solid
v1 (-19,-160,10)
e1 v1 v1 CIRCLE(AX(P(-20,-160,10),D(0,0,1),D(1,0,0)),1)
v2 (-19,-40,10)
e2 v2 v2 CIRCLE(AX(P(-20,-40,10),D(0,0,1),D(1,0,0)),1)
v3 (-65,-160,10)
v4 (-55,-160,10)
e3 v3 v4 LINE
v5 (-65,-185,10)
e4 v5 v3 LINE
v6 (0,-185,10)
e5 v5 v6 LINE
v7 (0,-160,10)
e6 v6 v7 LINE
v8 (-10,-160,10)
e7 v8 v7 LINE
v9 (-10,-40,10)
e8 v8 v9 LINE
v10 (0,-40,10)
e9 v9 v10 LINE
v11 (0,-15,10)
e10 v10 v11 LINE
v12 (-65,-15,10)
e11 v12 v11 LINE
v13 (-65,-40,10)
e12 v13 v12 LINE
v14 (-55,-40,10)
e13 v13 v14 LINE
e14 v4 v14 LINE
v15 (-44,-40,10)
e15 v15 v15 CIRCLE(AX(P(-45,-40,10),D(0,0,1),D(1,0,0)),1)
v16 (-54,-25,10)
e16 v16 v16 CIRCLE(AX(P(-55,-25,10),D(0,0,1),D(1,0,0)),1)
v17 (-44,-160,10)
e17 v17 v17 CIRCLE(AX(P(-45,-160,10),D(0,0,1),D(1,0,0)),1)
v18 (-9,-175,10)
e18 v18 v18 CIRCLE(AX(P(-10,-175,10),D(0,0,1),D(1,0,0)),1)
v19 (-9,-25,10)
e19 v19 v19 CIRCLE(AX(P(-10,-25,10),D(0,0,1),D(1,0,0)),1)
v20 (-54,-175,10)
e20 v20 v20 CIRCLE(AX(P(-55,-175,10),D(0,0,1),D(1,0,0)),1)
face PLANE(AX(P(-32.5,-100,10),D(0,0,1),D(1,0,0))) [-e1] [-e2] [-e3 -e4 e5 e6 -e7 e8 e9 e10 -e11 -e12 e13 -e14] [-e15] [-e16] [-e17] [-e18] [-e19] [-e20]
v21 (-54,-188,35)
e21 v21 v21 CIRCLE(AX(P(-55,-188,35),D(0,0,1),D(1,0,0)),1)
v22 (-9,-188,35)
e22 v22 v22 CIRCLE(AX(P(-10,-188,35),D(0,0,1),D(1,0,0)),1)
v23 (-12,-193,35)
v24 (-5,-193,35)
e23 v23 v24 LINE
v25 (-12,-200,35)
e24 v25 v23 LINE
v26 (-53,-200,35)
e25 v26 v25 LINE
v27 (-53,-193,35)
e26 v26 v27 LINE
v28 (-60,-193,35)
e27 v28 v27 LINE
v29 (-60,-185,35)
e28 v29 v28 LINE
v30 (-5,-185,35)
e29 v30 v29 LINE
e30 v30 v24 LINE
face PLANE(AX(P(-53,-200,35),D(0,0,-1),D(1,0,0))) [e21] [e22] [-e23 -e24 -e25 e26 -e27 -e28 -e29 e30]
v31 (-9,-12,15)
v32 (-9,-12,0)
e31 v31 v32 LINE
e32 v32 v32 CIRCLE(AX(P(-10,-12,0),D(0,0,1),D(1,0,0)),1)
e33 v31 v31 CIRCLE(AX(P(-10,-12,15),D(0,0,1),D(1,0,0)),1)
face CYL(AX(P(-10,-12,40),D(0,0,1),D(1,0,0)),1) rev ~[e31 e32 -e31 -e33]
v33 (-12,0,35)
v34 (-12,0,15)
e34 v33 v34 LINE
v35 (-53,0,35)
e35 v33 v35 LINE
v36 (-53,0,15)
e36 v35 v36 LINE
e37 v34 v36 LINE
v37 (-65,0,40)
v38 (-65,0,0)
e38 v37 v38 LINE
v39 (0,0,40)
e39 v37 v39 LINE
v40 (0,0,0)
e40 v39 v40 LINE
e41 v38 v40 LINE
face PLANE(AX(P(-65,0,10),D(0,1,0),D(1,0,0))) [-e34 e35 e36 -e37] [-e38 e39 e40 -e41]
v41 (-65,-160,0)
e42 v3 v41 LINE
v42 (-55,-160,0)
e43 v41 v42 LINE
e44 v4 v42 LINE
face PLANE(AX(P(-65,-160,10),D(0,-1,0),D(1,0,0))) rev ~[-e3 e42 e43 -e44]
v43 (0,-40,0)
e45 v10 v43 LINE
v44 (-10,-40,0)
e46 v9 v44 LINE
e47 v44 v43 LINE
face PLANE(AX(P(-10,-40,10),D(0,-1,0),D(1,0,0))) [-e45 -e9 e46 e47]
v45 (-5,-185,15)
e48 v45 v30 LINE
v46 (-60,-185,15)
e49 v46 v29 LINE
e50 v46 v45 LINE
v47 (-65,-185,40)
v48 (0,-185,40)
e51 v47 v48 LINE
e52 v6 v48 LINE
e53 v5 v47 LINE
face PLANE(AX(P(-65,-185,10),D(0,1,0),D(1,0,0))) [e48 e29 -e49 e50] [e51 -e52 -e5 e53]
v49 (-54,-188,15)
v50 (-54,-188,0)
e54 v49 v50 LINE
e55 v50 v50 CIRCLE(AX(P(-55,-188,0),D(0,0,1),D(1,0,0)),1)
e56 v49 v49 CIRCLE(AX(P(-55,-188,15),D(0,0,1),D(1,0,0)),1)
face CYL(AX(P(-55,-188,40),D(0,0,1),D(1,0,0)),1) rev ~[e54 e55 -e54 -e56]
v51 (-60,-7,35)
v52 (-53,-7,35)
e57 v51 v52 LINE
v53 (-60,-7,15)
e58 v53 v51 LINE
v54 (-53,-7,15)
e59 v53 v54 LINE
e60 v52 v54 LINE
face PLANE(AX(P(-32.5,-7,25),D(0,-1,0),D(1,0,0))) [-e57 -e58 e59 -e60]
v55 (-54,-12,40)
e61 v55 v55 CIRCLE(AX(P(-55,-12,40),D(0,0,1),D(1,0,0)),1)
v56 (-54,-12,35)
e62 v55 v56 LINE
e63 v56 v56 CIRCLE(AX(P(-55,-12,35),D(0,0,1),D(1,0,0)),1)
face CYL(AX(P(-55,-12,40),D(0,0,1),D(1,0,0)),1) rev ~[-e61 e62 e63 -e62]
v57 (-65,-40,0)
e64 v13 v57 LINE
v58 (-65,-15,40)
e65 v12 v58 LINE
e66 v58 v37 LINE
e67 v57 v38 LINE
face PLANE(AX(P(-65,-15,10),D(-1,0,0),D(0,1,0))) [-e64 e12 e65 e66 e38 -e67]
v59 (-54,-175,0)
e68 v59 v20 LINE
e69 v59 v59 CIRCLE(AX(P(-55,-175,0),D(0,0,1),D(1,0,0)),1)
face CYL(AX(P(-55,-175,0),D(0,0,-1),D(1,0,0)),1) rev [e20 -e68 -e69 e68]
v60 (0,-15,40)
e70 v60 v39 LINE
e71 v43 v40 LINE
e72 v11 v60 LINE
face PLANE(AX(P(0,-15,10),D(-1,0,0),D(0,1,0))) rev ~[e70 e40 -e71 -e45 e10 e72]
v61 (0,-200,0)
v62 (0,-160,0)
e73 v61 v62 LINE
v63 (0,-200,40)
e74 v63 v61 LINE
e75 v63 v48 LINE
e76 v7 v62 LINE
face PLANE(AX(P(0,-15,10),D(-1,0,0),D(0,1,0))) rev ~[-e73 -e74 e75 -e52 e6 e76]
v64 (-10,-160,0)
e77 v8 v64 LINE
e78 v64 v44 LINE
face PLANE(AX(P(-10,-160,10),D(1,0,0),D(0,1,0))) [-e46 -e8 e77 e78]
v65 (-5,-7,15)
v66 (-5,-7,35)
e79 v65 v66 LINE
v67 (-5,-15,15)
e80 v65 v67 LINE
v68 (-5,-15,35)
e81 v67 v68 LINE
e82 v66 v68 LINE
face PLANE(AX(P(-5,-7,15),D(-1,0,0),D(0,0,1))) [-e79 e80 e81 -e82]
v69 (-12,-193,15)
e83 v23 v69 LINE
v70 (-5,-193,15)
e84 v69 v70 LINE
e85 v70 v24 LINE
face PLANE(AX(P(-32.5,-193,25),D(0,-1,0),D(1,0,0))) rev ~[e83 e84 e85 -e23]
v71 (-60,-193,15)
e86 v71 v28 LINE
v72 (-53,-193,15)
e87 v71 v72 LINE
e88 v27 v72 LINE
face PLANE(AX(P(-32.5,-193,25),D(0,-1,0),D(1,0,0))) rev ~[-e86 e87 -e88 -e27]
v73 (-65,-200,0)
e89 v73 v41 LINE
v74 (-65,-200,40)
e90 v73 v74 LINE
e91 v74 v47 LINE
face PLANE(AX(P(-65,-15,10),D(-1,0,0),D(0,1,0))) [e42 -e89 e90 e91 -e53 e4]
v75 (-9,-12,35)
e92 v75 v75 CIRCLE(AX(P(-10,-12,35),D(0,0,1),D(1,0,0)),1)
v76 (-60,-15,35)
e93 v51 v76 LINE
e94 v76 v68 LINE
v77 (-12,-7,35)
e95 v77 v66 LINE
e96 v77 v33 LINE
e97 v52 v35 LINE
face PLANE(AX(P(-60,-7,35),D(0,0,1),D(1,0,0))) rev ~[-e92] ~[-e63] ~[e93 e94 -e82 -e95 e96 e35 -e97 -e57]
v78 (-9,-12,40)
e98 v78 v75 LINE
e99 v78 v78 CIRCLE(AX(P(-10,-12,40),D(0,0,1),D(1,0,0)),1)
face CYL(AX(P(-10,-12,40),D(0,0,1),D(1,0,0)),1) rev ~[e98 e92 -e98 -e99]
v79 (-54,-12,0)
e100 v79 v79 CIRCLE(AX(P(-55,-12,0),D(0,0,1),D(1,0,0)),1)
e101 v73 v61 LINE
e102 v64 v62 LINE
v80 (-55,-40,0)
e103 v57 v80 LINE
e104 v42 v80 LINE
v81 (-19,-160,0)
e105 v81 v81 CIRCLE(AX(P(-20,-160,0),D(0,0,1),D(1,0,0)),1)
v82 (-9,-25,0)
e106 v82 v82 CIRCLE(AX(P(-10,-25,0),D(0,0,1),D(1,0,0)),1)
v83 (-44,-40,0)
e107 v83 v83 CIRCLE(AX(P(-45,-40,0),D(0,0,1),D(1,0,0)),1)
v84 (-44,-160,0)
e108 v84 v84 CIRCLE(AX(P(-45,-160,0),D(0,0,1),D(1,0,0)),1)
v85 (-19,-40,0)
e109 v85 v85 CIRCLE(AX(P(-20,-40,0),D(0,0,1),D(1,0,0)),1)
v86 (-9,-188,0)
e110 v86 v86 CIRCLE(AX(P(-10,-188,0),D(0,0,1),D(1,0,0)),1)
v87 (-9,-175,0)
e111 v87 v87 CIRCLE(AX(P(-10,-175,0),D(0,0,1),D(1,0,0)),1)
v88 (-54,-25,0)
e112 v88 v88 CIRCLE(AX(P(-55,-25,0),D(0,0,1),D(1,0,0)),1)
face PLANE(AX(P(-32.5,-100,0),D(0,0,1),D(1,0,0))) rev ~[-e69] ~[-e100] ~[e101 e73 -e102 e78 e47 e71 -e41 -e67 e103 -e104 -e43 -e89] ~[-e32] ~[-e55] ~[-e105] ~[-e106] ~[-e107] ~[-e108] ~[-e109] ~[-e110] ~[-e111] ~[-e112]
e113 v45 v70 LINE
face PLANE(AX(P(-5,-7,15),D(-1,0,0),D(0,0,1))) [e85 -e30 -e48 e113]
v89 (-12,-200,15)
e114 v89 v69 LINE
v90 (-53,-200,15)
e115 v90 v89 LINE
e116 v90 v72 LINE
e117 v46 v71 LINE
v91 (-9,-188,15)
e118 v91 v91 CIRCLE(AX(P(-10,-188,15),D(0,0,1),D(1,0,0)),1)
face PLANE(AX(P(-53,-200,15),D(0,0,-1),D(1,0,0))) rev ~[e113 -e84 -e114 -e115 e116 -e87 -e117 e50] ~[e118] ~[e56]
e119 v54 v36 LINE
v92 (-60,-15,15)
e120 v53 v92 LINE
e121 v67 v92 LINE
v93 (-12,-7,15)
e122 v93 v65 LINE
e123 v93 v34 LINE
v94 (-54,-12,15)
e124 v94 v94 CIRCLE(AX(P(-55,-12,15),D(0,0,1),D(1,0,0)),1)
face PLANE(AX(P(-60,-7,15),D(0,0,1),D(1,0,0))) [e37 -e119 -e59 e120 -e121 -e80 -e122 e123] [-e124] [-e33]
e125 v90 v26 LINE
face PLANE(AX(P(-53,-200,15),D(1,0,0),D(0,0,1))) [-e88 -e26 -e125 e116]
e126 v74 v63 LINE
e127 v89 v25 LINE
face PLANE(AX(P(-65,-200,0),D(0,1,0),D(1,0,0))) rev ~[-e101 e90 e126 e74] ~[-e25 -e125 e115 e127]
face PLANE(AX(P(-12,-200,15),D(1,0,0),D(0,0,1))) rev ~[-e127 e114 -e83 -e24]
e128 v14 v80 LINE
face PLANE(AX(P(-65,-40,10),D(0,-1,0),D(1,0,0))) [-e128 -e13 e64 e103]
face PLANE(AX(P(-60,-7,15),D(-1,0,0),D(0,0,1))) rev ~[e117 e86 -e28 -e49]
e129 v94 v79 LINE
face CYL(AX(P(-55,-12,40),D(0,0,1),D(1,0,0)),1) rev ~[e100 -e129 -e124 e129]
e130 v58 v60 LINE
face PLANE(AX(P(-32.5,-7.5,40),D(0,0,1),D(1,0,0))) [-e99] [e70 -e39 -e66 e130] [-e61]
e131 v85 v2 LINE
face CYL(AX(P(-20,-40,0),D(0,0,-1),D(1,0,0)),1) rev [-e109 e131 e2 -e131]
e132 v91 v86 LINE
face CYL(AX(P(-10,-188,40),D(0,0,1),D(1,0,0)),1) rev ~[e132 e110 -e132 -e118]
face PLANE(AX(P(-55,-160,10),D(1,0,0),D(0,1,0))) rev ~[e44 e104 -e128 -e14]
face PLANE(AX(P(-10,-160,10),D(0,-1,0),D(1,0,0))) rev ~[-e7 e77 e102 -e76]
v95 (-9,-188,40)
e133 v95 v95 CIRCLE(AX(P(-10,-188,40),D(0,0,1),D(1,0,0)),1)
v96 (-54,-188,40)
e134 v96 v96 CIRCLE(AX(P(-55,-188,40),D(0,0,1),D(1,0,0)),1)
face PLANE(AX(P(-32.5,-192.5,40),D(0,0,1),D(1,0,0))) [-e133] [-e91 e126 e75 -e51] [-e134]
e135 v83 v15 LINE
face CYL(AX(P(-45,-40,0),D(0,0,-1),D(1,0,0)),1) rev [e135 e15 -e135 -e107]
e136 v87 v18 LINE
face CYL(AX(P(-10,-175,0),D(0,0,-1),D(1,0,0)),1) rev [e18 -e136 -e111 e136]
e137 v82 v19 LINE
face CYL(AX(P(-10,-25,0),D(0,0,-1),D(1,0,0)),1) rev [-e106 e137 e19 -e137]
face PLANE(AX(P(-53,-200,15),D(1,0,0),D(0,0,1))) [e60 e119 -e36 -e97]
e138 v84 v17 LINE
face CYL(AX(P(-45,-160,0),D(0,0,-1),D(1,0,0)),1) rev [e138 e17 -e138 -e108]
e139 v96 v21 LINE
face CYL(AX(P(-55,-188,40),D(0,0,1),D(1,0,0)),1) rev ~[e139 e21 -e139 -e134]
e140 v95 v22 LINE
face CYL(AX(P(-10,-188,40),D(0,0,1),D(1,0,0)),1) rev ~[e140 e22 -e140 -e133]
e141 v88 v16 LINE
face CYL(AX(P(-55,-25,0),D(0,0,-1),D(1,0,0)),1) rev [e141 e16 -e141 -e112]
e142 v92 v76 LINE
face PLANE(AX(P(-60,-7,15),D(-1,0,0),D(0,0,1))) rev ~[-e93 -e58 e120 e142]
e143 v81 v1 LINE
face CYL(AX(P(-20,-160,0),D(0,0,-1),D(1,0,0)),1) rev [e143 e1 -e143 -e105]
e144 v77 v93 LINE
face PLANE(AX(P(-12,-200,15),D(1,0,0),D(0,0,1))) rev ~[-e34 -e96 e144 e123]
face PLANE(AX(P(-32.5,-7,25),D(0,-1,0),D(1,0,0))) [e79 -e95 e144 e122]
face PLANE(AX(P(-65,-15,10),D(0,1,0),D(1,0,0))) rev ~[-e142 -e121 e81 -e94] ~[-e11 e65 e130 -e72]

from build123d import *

# Parameters (mm, degrees)
ESQUISSE1_W                  = 65
ESQUISSE1_H                  = 200
ESQUISSE1_R                  = 1
BOSS_EXTRU_1_DEPTH           = 10
ESQUISSE2_W                  = 65
ESQUISSE2_H                  = 15
BOSS_EXTRU_2_DEPTH           = 30
ESQUISSE3_W                  = 41
ESQUISSE3_H                  = 20
ENL_V_MAT_EXTRU_1_DEPTH      = 215.067746286
ENL_V_MAT_EXTRU_2_DEPTH      = 178
ENL_V_MAT_EXTRU_2_DEPTH_BACK = 8
ESQUISSE4_W                  = 55
ESQUISSE4_H                  = 20
ESQUISSE5_R                  = 1
ENL_V_MAT_EXTRU_3_DEPTH      = 215.067746286
ESQUISSE6_W                  = 10
ESQUISSE6_H                  = 120
ENL_V_MAT_EXTRU_4_DEPTH      = 10


with BuildPart() as part:
    # Esquisse1 → Boss.-Extru.1 (new body)
    with BuildSketch(Plane.XY):
        with Locations((-32.5, -100)):
            Rectangle(ESQUISSE1_W, ESQUISSE1_H)
        with Locations((-55, -25)):
            Circle(ESQUISSE1_R, mode=Mode.SUBTRACT)
        with Locations((-45, -40)):
            Circle(ESQUISSE1_R, mode=Mode.SUBTRACT)
        with Locations((-20, -40)):
            Circle(ESQUISSE1_R, mode=Mode.SUBTRACT)
        with Locations((-10, -25)):
            Circle(ESQUISSE1_R, mode=Mode.SUBTRACT)
        with Locations((-45, -160)):
            Circle(ESQUISSE1_R, mode=Mode.SUBTRACT)
        with Locations((-20, -160)):
            Circle(ESQUISSE1_R, mode=Mode.SUBTRACT)
        with Locations((-10, -175)):
            Circle(ESQUISSE1_R, mode=Mode.SUBTRACT)
        with Locations((-55, -175)):
            Circle(ESQUISSE1_R, mode=Mode.SUBTRACT)
    extrude(amount=BOSS_EXTRU_1_DEPTH)

    # Esquisse2 → Boss.-Extru.2 (add)
    with BuildSketch(Plane.XY.offset(10)):
        with Locations((-32.5, -7.5)):
            Rectangle(ESQUISSE2_W, ESQUISSE2_H)
        with Locations((-32.5, -192.5)):
            Rectangle(ESQUISSE2_W, ESQUISSE2_H)
    extrude(amount=BOSS_EXTRU_2_DEPTH)

    # Esquisse3 → Enlèv. mat.-Extru.1 (cut, through all)
    with BuildSketch(Plane.XZ.offset(200)):
        with Locations((-32.5, 25)):
            Rectangle(ESQUISSE3_W, ESQUISSE3_H)
    extrude(amount=-ENL_V_MAT_EXTRU_1_DEPTH, mode=Mode.SUBTRACT)

    # Esquisse4 → Enlèv. mat.-Extru.2 (cut, two sides: drawn at the far end of the back side and taken through both)
    with BuildSketch(Plane.XZ.offset(15).offset(-ENL_V_MAT_EXTRU_2_DEPTH_BACK)):
        with Locations((-32.5, 25)):
            Rectangle(ESQUISSE4_W, ESQUISSE4_H)
    extrude(amount=ENL_V_MAT_EXTRU_2_DEPTH + ENL_V_MAT_EXTRU_2_DEPTH_BACK, mode=Mode.SUBTRACT)

    # Esquisse5 → Enlèv. mat.-Extru.3 (cut, through all)
    with BuildSketch(Plane.XY.offset(40)):
        with Locations((-55, -12)):
            Circle(ESQUISSE5_R)
        with Locations((-10, -12)):
            Circle(ESQUISSE5_R)
        with Locations((-10, -188)):
            Circle(ESQUISSE5_R)
        with Locations((-55, -188)):
            Circle(ESQUISSE5_R)
    extrude(amount=-ENL_V_MAT_EXTRU_3_DEPTH, mode=Mode.SUBTRACT)

    # Esquisse6 → Enlèv. mat.-Extru.4 (cut)
    with BuildSketch(Plane.XY.offset(10)):
        with Locations((-60, -100)):
            Rectangle(ESQUISSE6_W, ESQUISSE6_H)
        with Locations((-5, -100)):
            Rectangle(ESQUISSE6_W, ESQUISSE6_H)
    extrude(amount=-ENL_V_MAT_EXTRU_4_DEPTH, mode=Mode.SUBTRACT)


solid = part.part
